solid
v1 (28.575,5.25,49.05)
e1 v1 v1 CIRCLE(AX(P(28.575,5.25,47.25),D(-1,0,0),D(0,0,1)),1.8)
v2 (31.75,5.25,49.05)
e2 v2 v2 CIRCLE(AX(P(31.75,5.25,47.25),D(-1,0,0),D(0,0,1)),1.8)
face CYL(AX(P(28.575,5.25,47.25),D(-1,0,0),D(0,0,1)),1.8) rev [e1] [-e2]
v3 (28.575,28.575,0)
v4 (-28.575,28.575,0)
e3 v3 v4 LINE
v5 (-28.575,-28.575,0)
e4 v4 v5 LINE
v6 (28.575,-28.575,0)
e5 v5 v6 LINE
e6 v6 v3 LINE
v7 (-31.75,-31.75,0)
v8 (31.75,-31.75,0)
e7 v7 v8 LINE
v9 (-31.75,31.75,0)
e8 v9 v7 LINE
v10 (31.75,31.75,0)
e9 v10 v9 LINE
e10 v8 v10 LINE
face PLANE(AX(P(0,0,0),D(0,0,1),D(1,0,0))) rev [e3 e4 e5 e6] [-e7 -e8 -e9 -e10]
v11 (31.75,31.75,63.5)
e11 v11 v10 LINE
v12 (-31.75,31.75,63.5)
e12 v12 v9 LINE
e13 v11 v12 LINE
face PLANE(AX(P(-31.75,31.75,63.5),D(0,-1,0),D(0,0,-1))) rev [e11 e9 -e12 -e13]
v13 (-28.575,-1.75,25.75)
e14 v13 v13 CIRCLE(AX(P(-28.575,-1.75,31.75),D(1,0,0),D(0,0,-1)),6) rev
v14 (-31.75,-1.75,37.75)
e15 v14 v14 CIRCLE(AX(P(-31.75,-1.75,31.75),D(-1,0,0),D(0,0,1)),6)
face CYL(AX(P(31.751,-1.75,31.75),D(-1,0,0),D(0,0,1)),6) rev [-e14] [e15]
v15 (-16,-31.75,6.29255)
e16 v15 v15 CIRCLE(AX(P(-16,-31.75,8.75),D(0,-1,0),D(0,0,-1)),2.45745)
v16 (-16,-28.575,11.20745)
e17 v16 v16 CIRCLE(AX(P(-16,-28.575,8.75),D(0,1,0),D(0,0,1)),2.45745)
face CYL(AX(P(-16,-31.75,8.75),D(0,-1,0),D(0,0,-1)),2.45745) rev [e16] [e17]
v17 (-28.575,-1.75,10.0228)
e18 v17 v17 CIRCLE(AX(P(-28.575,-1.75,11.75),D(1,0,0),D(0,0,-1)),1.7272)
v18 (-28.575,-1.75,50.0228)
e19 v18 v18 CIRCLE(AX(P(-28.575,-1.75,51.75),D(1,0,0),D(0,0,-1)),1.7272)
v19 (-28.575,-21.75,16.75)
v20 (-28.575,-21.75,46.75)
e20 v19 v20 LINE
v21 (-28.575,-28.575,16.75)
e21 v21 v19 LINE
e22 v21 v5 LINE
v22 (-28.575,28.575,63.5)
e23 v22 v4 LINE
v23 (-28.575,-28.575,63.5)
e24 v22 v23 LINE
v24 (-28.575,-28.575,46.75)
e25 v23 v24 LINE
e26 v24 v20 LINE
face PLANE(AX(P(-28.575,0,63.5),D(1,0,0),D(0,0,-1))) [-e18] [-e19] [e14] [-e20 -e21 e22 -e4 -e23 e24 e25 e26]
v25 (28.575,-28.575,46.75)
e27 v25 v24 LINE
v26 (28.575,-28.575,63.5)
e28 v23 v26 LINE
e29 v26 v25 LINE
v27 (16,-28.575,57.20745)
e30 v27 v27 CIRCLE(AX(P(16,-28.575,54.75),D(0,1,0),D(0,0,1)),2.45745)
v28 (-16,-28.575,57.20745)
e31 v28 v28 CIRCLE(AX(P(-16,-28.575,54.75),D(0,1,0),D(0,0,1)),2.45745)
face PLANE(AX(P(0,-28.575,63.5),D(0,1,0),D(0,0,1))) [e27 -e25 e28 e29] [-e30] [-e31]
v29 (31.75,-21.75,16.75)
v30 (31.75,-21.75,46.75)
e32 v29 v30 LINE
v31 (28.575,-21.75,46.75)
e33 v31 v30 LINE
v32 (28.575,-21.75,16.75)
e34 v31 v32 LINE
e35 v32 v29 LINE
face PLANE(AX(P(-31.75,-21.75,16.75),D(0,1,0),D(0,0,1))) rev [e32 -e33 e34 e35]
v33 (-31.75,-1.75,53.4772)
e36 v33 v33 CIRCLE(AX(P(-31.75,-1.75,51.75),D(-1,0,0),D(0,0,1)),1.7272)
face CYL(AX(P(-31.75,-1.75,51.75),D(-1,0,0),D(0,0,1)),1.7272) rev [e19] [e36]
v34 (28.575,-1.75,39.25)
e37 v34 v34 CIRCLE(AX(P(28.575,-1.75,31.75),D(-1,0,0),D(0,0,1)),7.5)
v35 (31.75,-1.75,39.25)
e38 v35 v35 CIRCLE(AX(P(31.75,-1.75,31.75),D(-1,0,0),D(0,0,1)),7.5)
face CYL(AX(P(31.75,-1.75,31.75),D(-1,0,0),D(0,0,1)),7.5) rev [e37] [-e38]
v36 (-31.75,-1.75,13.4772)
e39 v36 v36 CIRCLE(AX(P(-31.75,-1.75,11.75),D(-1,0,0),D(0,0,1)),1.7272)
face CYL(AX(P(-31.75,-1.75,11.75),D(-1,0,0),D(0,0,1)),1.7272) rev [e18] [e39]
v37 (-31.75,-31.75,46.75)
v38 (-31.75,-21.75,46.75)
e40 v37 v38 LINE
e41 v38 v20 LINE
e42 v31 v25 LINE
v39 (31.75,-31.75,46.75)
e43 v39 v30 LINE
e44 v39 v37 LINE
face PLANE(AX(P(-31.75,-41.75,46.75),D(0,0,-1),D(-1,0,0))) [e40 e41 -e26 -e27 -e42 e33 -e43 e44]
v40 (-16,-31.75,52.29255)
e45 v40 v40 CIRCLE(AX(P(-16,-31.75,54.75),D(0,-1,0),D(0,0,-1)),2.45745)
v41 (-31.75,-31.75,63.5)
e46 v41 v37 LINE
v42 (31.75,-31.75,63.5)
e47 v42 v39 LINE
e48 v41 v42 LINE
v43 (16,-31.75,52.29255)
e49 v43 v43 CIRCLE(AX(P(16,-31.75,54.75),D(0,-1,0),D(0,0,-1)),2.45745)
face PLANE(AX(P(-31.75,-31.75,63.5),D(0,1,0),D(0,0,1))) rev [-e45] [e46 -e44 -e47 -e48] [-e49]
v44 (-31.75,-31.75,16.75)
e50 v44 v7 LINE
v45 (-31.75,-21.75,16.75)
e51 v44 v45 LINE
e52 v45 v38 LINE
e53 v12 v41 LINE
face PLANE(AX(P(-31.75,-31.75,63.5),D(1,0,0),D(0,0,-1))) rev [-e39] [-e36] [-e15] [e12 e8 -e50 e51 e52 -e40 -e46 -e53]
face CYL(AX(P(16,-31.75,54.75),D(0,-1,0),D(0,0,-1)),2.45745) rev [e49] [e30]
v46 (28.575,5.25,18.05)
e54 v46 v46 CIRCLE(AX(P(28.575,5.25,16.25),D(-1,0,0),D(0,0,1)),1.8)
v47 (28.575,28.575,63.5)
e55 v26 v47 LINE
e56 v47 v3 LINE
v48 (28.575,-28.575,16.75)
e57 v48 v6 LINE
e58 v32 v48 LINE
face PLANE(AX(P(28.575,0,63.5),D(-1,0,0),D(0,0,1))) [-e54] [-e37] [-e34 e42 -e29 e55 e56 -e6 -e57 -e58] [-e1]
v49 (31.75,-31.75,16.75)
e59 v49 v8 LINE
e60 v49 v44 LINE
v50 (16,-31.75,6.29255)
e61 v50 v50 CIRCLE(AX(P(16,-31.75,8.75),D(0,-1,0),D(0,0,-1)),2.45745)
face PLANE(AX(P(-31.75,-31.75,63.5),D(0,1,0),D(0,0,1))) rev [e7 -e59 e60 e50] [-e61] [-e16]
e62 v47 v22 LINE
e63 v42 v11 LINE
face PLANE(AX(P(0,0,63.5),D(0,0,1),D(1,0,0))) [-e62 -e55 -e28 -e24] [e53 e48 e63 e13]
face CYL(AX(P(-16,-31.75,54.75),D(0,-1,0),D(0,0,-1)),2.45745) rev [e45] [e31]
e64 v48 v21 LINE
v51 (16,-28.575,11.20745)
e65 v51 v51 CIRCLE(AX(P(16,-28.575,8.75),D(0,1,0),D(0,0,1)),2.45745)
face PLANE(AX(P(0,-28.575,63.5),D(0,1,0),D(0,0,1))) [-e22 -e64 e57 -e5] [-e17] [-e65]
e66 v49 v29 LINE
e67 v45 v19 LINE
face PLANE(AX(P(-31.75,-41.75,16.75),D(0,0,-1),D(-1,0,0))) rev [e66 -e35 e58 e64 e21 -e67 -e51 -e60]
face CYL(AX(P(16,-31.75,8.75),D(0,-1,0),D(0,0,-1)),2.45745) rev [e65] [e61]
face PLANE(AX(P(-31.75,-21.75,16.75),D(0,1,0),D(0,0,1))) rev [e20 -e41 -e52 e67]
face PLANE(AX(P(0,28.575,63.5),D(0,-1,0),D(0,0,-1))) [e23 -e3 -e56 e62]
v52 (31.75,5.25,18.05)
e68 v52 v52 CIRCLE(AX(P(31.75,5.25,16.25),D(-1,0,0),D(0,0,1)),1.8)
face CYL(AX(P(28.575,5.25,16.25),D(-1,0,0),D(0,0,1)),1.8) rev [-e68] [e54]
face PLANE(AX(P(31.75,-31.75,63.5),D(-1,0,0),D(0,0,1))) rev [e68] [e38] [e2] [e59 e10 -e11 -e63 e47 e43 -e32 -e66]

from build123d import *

# Parameters (mm, degrees)
SKETCH1_W                 = 63.5
SKETCH1_H                 = 63.5
SKETCH1_W_2               = 57.15
SKETCH1_H_2               = 57.15
EXTRUDE_THIN1_DEPTH       = 63.5
SKETCH2_W                 = 30
SKETCH2_H                 = 20
CUT_EXTRUDE1_DEPTH        = 64.5
SKETCH5_R                 = 7.5
CUT_EXTRUDE3_DEPTH        = 4.175
M3_CLEARANCE_HOLE1_D      = 3.6
M3_CLEARANCE_HOLE1_DEPTH  = 3.175
F_8_32_TAPPED_HOLE1_D     = 3.4544
F_8_32_TAPPED_HOLE1_DEPTH = 3.175
CUT_EXTRUDE4_REACH        = 65.5
SKETCH13_R                = 6
F_8_CLEARANCE_HOLE1_D     = 4.9149
F_8_CLEARANCE_HOLE1_DEPTH = 3.175


with BuildPart() as part:
    # Sketch1 → Extrude-Thin1 (new body)
    with BuildSketch(Plane.XY):
        Rectangle(SKETCH1_W, SKETCH1_H)
        Rectangle(SKETCH1_W_2, SKETCH1_H_2, mode=Mode.SUBTRACT)
    extrude(amount=EXTRUDE_THIN1_DEPTH)

    # Sketch2 → Cut-Extrude1 (cut, through all)
    with BuildSketch(Plane(origin=(31.75, 0, 0), x_dir=(0, 0, -1), z_dir=(1, 0, 0))):
        with Locations((-31.75, -31.75)):
            Rectangle(SKETCH2_W, SKETCH2_H)
    extrude(amount=-CUT_EXTRUDE1_DEPTH, mode=Mode.SUBTRACT)

    # Sketch5 → Cut-Extrude3 (cut, through all)
    with BuildSketch(Plane(origin=(28.575, 11.830115966, 29.988402314), x_dir=(0, 0, 1), z_dir=(-1, 0, 0))):
        with Locations((1.761597686, -13.580115966)):
            Circle(SKETCH5_R)
    extrude(amount=-CUT_EXTRUDE3_DEPTH, mode=Mode.SUBTRACT)

    # M3 Clearance Hole1
    with Locations(Plane(origin=(28.575, 11.830115966, 29.988402314), x_dir=(0, 0, 1), z_dir=(-1, 0, 0))):
        with Locations((-13.738402314, -6.580115966), (17.261597686, -6.580115966)):
            Hole(M3_CLEARANCE_HOLE1_D / 2, depth=M3_CLEARANCE_HOLE1_DEPTH)

    # #8-32 Tapped Hole1
    with Locations(Plane.ZY.offset(31.75)):
        with Locations((51.75, -1.75), (11.75, -1.75)):
            Hole(F_8_32_TAPPED_HOLE1_D / 2, depth=F_8_32_TAPPED_HOLE1_DEPTH)

    # Sketch13 → Cut-Extrude4 (cut, up to next)
    with BuildSketch(Plane.ZY.offset(31.75), mode=Mode.PRIVATE) as cut_extrude4_sk1:
        with Locations((31.75, -1.75)):
            Circle(SKETCH13_R)
    cut_extrude4_tool1 = extrude(cut_extrude4_sk1.sketch, amount=-CUT_EXTRUDE4_REACH, mode=Mode.PRIVATE) & part.part
    add(cut_extrude4_tool1.solids().sort_by_distance((-31.75, -1.75, 31.75))[0], mode=Mode.SUBTRACT)

    # #8 Clearance Hole1
    with Locations(Plane(origin=(0, -31.75, 0), x_dir=(-1, 0, 0), z_dir=(0, -1, 0))):
        with Locations((16, -8.75), (-16, -8.75), (-16, -54.75), (16, -54.75)):
            Hole(F_8_CLEARANCE_HOLE1_D / 2, depth=F_8_CLEARANCE_HOLE1_DEPTH)


solid = part.part
